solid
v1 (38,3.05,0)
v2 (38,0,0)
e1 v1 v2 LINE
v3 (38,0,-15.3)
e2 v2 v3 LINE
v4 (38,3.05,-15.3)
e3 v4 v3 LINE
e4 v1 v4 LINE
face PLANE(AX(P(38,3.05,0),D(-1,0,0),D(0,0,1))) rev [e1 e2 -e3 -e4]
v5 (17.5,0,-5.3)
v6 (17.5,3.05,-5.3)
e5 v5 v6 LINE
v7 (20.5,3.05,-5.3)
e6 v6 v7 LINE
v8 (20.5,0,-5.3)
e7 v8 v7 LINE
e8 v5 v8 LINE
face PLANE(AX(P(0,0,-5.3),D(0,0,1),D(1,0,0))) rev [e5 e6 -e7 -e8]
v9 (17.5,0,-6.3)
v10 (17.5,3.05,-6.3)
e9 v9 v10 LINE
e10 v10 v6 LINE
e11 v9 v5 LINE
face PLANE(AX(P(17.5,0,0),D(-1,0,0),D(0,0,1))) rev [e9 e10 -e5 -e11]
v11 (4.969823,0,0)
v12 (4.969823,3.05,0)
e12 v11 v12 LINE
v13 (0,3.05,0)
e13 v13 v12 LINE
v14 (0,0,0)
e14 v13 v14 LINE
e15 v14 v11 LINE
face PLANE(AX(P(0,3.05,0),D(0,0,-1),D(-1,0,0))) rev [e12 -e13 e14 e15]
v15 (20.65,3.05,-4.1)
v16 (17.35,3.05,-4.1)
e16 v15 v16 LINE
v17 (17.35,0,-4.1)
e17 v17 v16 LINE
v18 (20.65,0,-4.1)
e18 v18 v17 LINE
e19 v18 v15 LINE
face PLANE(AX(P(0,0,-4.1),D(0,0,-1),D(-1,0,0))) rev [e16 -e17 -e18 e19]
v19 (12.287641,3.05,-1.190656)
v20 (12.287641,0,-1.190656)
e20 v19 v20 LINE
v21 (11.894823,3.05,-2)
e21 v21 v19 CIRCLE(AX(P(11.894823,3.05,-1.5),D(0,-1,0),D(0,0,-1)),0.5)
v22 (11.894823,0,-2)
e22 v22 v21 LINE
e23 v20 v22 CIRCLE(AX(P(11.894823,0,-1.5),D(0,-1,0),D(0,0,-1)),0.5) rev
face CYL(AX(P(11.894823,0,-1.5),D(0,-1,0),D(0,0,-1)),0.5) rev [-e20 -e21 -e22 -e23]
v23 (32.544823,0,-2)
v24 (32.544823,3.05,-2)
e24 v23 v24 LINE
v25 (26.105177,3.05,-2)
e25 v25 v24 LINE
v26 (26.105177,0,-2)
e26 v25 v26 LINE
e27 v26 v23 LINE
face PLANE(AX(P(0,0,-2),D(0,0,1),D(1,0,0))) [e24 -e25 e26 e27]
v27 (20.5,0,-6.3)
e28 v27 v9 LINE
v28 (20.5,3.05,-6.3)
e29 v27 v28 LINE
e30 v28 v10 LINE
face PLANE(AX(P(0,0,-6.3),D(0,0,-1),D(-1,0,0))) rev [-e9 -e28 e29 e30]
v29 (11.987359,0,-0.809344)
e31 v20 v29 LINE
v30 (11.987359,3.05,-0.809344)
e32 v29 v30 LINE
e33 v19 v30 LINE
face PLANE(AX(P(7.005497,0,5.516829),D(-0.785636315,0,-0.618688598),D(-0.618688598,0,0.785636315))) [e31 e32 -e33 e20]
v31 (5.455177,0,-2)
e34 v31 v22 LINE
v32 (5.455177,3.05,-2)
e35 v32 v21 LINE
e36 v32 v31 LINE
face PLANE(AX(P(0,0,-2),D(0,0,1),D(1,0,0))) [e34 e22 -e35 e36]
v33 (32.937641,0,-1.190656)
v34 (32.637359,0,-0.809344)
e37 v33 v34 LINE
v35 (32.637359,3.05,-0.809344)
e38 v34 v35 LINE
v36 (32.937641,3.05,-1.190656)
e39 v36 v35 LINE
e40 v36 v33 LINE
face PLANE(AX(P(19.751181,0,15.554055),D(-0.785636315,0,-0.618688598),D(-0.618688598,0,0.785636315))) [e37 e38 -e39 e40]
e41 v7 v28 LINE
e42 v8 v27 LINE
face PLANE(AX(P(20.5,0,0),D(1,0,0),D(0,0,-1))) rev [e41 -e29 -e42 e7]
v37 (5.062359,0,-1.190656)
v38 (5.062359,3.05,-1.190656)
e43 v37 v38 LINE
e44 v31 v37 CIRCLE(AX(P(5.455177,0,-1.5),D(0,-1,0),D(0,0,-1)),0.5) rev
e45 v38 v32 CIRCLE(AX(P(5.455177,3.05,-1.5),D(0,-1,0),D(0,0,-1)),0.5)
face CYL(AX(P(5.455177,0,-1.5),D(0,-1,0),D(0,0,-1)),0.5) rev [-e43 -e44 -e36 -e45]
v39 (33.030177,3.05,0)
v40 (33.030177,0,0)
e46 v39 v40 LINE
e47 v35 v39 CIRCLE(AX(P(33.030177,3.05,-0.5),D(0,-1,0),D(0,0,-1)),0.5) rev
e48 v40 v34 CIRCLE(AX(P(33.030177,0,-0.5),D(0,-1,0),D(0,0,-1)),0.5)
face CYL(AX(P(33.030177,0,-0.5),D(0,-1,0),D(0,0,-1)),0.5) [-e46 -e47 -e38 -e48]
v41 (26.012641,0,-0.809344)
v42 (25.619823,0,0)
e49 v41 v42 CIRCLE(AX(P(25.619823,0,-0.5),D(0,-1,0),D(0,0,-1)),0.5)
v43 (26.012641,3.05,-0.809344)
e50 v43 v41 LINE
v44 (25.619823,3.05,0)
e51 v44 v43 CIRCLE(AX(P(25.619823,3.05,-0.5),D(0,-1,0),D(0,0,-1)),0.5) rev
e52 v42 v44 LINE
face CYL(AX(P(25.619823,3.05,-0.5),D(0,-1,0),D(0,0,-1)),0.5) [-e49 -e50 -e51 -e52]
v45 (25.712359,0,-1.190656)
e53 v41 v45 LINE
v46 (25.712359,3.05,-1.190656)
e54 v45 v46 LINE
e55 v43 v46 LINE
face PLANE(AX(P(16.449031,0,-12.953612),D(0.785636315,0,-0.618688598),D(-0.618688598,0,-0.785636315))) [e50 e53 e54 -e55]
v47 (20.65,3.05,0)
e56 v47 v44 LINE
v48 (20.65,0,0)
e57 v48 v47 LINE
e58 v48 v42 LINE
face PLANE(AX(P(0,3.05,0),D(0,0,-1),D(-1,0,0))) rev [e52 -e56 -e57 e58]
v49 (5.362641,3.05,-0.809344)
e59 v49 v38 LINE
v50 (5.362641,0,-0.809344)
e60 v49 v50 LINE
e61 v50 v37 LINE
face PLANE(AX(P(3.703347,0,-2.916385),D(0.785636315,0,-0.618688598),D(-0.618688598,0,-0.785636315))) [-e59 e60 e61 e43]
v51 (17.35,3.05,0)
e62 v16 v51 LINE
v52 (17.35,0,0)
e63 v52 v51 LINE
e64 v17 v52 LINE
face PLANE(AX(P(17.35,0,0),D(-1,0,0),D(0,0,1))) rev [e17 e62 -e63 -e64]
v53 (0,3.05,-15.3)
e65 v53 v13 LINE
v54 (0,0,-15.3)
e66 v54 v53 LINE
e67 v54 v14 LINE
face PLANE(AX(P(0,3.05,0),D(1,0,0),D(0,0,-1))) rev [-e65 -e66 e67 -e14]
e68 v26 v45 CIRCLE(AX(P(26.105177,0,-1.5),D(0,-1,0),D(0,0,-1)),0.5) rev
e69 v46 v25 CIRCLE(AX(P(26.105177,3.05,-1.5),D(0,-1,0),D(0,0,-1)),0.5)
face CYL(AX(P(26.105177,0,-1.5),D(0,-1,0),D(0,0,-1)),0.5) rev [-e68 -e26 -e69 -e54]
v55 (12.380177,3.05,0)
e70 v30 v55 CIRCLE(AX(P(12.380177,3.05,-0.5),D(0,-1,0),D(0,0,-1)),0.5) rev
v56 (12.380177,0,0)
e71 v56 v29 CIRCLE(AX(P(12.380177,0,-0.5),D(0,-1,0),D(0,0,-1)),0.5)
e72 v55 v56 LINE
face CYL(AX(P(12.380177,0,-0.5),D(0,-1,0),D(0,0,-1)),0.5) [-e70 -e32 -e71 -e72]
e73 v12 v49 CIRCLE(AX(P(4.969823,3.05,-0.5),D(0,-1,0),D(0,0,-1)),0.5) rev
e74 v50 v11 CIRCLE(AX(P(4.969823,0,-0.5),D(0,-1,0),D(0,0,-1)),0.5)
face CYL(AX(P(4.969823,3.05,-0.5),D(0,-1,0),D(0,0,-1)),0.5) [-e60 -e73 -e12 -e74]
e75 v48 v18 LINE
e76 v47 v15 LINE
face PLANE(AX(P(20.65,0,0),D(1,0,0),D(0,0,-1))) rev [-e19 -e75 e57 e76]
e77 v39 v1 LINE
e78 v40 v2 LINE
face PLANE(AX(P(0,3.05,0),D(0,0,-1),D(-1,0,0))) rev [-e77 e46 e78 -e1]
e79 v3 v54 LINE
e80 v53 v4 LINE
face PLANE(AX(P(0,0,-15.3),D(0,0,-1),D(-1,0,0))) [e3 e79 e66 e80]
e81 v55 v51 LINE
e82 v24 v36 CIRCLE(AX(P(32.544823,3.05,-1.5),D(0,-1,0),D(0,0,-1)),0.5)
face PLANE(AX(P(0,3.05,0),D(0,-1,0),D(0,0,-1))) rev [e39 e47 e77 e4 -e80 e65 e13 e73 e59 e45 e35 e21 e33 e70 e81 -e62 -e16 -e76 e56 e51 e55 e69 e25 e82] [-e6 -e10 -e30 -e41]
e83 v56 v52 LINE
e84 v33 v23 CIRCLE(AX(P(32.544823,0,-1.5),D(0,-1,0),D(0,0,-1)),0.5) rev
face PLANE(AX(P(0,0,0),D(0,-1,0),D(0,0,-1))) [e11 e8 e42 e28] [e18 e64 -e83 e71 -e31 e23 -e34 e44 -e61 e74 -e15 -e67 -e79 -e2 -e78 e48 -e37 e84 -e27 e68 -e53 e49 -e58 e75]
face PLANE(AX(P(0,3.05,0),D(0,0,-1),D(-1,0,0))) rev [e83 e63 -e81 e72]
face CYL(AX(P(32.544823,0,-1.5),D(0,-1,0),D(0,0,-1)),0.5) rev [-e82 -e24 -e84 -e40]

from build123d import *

# Parameters (mm, degrees)
SKETCH1_W           = 38
SKETCH1_H           = 8.3
BOSS_EXTRUDE1_DEPTH = 3.05
SKETCH3_W           = 3
SKETCH3_H           = 1
CUT_EXTRUDE2_DEPTH  = 40.015285466
CUT_EXTRUDE1_DEPTH  = 40.015285466
FILLET1_R           = 0.5
SKETCH4_W           = 38
SKETCH4_H           = 3.05
BOSS_EXTRUDE2_DEPTH = 7


with BuildPart() as part:
    # Sketch1 → Boss-Extrude1 (new body)
    with BuildSketch(Plane(origin=(0, 0, 0), x_dir=(1, 0, 0), z_dir=(0, 1, 0))):
        with Locations((19, 4.15)):
            Rectangle(SKETCH1_W, SKETCH1_H)
    extrude(amount=BOSS_EXTRUDE1_DEPTH)

    # Sketch3 → Cut-Extrude2 (cut, through all)
    with BuildSketch(Plane(origin=(0, 3.05, 0), x_dir=(1, 0, 0), z_dir=(0, 1, 0))):
        Polygon((20.65, 4.1), (19, 4.1), (17.35, 4.1), (17.35, 0), (20.65, 0), align=None)
        with Locations((19, 5.8)):
            Rectangle(SKETCH3_W, SKETCH3_H)
    extrude(amount=-CUT_EXTRUDE2_DEPTH, mode=Mode.SUBTRACT)

    # Sketch2 → Cut-Extrude1 (cut, through all)
    with BuildSketch(Plane(origin=(0, 3.05, 0), x_dir=(1, 0, 0), z_dir=(0, 1, 0))):
        Polygon((4.425, 2), (6, 0), (11.35, 0), (12.925, 2), align=None)
        Polygon((33.575, 2), (25.075, 2), (26.65, 0), (32, 0), align=None)
    extrude(amount=-CUT_EXTRUDE1_DEPTH, mode=Mode.SUBTRACT)

    # Fillet1
    fillet1_edges = [part.edges().sort_by_distance(p)[0] for p in [
        (12.925, 1.525, -2),
        (11.35, 1.525, 0),
        (6, 1.525, 0),
        (4.425, 1.525, -2),
        (33.575, 1.525, -2),
        (32, 1.525, 0),
        (26.65, 1.525, 0),
        (25.075, 1.525, -2),
    ]]
    fillet(fillet1_edges, radius=FILLET1_R)

    # Sketch4 → Boss-Extrude2 (add)
    with BuildSketch(Plane(origin=(0, 0, -8.3), x_dir=(-1, 0, 0), z_dir=(0, 0, -1))):
        with Locations((-19, 1.525)):
            Rectangle(SKETCH4_W, SKETCH4_H)
    extrude(amount=BOSS_EXTRUDE2_DEPTH)


solid = part.part
